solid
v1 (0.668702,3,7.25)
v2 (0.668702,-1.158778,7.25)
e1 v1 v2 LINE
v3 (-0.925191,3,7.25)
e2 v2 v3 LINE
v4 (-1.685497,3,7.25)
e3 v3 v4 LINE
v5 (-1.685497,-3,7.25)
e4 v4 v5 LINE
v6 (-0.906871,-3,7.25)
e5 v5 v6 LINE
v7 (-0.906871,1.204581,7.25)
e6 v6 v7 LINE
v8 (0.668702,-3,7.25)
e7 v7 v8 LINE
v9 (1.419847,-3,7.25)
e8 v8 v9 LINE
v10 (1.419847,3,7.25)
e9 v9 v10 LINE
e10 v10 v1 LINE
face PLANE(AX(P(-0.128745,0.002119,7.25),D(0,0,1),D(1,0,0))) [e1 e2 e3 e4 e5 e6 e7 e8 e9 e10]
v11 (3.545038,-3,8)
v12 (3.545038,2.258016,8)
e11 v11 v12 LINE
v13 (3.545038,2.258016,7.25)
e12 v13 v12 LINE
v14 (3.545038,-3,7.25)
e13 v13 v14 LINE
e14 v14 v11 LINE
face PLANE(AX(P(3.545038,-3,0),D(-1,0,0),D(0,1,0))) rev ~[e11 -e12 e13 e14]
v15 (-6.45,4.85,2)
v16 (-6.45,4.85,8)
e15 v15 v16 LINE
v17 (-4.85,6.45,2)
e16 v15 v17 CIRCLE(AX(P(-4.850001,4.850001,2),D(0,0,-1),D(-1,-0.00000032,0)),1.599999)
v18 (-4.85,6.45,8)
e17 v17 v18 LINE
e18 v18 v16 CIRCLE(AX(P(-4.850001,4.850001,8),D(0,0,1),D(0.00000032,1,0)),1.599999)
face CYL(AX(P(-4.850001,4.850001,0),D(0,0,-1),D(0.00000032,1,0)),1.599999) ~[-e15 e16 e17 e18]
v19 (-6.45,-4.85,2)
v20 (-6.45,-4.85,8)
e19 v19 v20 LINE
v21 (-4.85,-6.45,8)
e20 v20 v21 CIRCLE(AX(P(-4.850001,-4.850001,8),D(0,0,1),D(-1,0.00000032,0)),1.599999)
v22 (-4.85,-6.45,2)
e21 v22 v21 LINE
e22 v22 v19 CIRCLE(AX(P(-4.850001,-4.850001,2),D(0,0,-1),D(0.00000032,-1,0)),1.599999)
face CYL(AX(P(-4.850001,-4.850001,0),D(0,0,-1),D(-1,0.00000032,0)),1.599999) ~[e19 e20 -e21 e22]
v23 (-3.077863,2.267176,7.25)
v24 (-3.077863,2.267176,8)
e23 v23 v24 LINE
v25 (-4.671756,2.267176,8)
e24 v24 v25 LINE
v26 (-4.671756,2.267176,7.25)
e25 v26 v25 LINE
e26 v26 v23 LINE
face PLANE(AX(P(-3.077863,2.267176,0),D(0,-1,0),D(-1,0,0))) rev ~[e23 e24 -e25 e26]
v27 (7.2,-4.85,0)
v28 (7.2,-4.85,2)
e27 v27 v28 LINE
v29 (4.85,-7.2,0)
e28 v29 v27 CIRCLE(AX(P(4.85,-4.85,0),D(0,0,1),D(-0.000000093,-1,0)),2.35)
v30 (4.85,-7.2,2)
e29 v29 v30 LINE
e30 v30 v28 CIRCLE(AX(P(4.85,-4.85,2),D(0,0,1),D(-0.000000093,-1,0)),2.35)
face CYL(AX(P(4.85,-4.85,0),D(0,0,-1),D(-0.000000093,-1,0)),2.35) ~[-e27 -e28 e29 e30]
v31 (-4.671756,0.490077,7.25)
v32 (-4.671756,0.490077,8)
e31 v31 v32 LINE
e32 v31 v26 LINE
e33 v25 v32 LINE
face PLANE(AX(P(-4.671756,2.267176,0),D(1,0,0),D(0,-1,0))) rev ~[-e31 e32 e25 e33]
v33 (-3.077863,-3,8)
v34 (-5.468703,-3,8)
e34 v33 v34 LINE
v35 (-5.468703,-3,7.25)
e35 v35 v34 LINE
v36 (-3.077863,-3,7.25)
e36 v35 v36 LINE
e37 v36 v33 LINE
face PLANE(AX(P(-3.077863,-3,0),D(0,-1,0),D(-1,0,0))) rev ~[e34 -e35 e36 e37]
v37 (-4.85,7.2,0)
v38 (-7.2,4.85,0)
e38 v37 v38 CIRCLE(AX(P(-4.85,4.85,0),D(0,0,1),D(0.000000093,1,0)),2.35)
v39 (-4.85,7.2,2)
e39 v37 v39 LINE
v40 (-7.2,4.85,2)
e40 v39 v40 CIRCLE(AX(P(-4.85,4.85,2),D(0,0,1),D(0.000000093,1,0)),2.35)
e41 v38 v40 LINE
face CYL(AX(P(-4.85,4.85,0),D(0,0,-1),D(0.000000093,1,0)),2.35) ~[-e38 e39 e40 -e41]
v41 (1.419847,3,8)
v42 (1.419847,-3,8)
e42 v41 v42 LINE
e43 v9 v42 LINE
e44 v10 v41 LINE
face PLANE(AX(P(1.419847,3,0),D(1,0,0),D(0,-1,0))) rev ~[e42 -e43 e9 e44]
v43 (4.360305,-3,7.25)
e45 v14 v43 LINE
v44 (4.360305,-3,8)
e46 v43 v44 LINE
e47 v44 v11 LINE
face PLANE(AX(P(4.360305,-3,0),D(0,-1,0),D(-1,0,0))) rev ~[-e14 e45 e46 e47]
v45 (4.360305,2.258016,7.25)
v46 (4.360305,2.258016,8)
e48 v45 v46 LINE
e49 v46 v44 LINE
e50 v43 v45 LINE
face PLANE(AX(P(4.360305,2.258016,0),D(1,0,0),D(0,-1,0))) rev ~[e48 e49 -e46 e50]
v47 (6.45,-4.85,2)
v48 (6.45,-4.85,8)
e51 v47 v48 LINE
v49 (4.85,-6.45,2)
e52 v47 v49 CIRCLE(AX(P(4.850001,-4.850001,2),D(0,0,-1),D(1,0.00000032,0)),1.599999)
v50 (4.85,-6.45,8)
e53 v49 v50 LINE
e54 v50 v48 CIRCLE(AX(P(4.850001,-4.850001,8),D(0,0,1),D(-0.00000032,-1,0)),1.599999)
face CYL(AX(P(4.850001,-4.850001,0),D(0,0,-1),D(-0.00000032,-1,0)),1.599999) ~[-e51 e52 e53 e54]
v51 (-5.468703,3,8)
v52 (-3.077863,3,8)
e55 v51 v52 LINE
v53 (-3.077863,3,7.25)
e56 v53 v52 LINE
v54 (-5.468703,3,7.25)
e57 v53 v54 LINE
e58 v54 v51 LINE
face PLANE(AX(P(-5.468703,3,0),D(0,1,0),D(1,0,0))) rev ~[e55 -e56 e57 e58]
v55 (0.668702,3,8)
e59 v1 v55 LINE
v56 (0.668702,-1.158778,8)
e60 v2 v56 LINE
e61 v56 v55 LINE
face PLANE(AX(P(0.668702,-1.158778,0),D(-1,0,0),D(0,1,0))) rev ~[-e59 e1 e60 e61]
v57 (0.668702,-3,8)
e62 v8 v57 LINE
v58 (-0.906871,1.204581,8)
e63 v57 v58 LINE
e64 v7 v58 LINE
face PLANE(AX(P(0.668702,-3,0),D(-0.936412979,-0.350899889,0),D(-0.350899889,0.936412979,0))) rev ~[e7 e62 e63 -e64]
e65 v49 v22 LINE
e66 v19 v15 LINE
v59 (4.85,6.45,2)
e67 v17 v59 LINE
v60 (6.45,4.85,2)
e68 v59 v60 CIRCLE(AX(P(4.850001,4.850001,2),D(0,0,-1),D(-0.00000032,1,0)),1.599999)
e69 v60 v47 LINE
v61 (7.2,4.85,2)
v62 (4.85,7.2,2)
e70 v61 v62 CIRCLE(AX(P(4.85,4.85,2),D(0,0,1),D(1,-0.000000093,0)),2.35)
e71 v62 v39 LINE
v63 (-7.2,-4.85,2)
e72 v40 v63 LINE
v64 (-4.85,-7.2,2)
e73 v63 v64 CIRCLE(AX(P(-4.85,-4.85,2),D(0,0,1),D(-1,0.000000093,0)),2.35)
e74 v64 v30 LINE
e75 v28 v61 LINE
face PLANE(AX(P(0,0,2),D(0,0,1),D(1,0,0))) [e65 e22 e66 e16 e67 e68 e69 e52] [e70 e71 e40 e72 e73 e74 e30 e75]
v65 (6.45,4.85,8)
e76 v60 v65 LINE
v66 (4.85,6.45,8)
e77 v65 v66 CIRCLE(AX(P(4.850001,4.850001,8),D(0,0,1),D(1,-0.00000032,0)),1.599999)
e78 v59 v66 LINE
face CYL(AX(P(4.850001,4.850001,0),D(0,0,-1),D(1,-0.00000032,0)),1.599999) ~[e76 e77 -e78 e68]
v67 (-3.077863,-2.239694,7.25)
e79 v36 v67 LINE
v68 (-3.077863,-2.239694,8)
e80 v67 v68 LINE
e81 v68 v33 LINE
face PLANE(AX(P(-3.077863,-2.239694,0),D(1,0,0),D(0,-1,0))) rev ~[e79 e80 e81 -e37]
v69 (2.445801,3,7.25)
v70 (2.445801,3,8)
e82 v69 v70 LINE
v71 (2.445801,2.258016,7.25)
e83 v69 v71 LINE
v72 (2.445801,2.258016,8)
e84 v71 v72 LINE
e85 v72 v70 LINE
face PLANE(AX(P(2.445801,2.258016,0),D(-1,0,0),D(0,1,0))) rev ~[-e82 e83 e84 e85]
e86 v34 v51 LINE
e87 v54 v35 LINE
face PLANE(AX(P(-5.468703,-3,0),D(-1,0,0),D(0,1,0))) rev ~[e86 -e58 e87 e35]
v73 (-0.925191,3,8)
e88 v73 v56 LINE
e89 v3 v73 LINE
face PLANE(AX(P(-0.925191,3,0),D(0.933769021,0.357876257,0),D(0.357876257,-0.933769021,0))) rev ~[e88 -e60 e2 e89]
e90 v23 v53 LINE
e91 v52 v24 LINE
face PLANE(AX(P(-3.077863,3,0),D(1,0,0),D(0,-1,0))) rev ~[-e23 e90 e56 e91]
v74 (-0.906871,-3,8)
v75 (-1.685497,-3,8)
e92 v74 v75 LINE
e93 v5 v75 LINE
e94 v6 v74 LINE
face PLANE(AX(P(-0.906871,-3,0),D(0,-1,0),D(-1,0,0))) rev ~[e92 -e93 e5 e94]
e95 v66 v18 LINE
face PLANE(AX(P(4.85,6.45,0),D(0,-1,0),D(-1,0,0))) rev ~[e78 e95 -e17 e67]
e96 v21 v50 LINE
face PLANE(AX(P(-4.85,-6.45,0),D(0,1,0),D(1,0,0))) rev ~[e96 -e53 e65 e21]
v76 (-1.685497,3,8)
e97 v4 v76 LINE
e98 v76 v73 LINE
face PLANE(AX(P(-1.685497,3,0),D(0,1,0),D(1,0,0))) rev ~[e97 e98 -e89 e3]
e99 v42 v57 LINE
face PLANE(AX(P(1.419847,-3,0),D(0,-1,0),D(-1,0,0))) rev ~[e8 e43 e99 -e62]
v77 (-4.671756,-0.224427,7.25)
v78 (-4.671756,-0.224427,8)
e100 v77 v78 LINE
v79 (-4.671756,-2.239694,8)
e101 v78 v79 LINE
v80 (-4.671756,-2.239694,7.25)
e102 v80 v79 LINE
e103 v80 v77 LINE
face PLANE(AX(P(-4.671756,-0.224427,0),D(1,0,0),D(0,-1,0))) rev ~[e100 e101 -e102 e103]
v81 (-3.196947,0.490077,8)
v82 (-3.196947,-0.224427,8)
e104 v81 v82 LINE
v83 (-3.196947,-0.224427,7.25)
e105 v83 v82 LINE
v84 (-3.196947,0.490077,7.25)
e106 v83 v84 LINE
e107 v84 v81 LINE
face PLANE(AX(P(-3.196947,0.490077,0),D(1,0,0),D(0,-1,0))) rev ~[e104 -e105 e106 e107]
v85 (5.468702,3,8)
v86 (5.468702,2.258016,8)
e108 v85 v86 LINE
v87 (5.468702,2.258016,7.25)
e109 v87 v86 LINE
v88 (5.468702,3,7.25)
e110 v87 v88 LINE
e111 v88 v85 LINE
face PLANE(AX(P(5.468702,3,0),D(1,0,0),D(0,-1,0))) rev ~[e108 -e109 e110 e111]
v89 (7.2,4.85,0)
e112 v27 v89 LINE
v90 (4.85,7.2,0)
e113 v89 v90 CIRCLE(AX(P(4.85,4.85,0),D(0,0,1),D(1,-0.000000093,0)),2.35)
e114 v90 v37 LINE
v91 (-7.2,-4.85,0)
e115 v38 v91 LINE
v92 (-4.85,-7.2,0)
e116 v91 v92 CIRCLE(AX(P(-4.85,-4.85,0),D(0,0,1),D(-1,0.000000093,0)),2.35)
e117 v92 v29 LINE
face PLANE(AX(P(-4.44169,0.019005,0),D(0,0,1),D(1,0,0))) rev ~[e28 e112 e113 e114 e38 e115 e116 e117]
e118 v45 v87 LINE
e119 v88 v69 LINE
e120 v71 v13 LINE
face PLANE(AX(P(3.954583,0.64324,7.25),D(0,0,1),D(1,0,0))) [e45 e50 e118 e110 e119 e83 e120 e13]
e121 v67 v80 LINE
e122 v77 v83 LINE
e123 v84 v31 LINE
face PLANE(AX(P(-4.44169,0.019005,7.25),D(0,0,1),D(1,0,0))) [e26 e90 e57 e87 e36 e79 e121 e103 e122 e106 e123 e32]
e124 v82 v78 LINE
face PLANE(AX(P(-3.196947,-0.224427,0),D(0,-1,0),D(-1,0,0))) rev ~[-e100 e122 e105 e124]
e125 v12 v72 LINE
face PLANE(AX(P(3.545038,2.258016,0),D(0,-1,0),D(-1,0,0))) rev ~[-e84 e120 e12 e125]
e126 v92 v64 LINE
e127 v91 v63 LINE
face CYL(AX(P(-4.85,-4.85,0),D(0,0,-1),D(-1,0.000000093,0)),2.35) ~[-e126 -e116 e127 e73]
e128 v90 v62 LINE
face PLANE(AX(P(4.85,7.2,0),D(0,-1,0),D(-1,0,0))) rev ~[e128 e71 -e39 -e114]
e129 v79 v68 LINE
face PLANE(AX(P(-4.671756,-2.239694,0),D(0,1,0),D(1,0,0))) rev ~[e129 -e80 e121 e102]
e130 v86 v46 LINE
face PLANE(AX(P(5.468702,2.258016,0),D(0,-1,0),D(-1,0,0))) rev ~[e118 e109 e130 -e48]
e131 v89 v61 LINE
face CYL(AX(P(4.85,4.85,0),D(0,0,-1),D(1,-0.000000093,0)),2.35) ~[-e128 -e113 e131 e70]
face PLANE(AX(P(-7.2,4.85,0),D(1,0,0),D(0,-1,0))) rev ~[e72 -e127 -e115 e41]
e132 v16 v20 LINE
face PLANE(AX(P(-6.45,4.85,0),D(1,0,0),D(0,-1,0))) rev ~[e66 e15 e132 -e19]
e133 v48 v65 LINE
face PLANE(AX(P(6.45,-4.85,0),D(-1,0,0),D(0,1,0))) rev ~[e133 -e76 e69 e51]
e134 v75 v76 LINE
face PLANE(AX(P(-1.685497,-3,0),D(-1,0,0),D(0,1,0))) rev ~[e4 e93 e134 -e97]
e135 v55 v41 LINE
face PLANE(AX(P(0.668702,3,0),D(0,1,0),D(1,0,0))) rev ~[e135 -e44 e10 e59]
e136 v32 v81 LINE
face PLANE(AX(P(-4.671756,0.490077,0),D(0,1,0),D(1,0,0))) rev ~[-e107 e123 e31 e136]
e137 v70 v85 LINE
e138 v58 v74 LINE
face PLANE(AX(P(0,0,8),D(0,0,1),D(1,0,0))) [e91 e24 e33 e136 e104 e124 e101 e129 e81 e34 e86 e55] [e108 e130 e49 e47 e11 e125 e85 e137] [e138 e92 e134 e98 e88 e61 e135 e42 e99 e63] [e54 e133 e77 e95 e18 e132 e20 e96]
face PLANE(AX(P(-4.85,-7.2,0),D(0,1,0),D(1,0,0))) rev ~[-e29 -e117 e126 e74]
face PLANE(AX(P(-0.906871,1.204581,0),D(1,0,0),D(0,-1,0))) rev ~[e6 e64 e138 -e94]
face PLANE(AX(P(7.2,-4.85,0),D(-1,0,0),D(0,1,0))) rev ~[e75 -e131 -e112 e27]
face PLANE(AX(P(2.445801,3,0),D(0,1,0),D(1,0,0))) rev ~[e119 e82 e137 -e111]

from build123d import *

# Parameters (mm, degrees)
F1_DEPTH = 2
F2_DEPTH = 8
F3_DEPTH = 7.25


with BuildPart() as f1:
    # F0 (on Top) → F1 (new body)
    with BuildSketch(Plane.XY):
        with BuildLine():
            Line((4.85, 7.2), (-4.85, 7.2))
            ThreePointArc((-4.85, 7.2), (-6.511701, 6.511701), (-7.2, 4.85))
            Line((-7.2, 4.85), (-7.2, -4.85))
            ThreePointArc((-7.2, -4.85), (-6.511701, -6.511701), (-4.85, -7.2))
            Line((-4.85, -7.2), (4.85, -7.2))
            ThreePointArc((4.85, -7.2), (6.511701, -6.511701), (7.2, -4.85))
            Line((7.2, -4.85), (7.2, 4.85))
            ThreePointArc((7.2, 4.85), (6.511701, 6.511701), (4.85, 7.2))
        make_face()
        with BuildLine():
            ThreePointArc((6.45, -4.85), (5.981371, -5.981371), (4.85, -6.45))
            Line((4.85, -6.45), (-4.85, -6.45))
            ThreePointArc((-4.85, -6.45), (-5.981371, -5.981371), (-6.45, -4.85))
            Line((-6.45, -4.85), (-6.45, 4.85))
            ThreePointArc((-6.45, 4.85), (-5.981371, 5.981371), (-4.85, 6.45))
            Line((-4.85, 6.45), (4.85, 6.45))
            ThreePointArc((4.85, 6.45), (5.981371, 5.981371), (6.45, 4.85))
            Line((6.45, 4.85), (6.45, -4.85))
        make_face(mode=Mode.SUBTRACT)
    extrude(amount=F1_DEPTH)

    # F0 (on Top) → F2 (join)
    with BuildSketch(Plane.XY):
        with BuildLine():
            Line((-4.85, -6.45), (4.85, -6.45))
            ThreePointArc((4.85, -6.45), (5.981371, -5.981371), (6.45, -4.85))
            Line((6.45, -4.85), (6.45, 4.85))
            ThreePointArc((6.45, 4.85), (5.981371, 5.981371), (4.85, 6.45))
            Line((4.85, 6.45), (-4.85, 6.45))
            ThreePointArc((-4.85, 6.45), (-5.981371, 5.981371), (-6.45, 4.85))
            Line((-6.45, 4.85), (-6.45, -4.85))
            ThreePointArc((-6.45, -4.85), (-5.981371, -5.981371), (-4.85, -6.45))
        make_face()
        Polygon((-3.077863, -3), (-5.468703, -3), (-5.468703, 3), (-3.077863, 3), (-3.077863, 2.267176), (-4.671756, 2.267176), (-4.671756, 0.490077), (-3.196947, 0.490077), (-3.196947, -0.224427), (-4.671756, -0.224427), (-4.671756, -2.239694), (-3.077863, -2.239694), align=None, mode=Mode.SUBTRACT)
        Polygon((-0.906871, -3), (-1.685497, -3), (-1.685497, 3), (-0.925191, 3), (0.668702, -1.158778), (0.668702, 3), (1.419847, 3), (1.419847, -3), (0.668702, -3), (-0.906871, 1.204581), align=None, mode=Mode.SUBTRACT)
        Polygon((4.360305, -3), (3.545038, -3), (3.545038, 2.258016), (2.445801, 2.258016), (2.445801, 3), (5.468702, 3), (5.468702, 2.258016), (4.360305, 2.258016), align=None, mode=Mode.SUBTRACT)
    extrude(amount=F2_DEPTH)

    # F0 (on Top) → F3 (join)
    with BuildSketch(Plane.XY):
        Polygon((-5.468703, 3), (-5.468703, -3), (-3.077863, -3), (-3.077863, -2.239694), (-4.671756, -2.239694), (-4.671756, -0.224427), (-3.196947, -0.224427), (-3.196947, 0.490077), (-4.671756, 0.490077), (-4.671756, 2.267176), (-3.077863, 2.267176), (-3.077863, 3), align=None)
        Polygon((-1.685497, 3), (-1.685497, -3), (-0.906871, -3), (-0.906871, 1.204581), (0.668702, -3), (1.419847, -3), (1.419847, 3), (0.668702, 3), (0.668702, -1.158778), (-0.925191, 3), align=None)
        Polygon((3.545038, 2.258016), (3.545038, -3), (4.360305, -3), (4.360305, 2.258016), (5.468702, 2.258016), (5.468702, 3), (2.445801, 3), (2.445801, 2.258016), align=None)
    extrude(amount=F3_DEPTH)


solid = f1.part
